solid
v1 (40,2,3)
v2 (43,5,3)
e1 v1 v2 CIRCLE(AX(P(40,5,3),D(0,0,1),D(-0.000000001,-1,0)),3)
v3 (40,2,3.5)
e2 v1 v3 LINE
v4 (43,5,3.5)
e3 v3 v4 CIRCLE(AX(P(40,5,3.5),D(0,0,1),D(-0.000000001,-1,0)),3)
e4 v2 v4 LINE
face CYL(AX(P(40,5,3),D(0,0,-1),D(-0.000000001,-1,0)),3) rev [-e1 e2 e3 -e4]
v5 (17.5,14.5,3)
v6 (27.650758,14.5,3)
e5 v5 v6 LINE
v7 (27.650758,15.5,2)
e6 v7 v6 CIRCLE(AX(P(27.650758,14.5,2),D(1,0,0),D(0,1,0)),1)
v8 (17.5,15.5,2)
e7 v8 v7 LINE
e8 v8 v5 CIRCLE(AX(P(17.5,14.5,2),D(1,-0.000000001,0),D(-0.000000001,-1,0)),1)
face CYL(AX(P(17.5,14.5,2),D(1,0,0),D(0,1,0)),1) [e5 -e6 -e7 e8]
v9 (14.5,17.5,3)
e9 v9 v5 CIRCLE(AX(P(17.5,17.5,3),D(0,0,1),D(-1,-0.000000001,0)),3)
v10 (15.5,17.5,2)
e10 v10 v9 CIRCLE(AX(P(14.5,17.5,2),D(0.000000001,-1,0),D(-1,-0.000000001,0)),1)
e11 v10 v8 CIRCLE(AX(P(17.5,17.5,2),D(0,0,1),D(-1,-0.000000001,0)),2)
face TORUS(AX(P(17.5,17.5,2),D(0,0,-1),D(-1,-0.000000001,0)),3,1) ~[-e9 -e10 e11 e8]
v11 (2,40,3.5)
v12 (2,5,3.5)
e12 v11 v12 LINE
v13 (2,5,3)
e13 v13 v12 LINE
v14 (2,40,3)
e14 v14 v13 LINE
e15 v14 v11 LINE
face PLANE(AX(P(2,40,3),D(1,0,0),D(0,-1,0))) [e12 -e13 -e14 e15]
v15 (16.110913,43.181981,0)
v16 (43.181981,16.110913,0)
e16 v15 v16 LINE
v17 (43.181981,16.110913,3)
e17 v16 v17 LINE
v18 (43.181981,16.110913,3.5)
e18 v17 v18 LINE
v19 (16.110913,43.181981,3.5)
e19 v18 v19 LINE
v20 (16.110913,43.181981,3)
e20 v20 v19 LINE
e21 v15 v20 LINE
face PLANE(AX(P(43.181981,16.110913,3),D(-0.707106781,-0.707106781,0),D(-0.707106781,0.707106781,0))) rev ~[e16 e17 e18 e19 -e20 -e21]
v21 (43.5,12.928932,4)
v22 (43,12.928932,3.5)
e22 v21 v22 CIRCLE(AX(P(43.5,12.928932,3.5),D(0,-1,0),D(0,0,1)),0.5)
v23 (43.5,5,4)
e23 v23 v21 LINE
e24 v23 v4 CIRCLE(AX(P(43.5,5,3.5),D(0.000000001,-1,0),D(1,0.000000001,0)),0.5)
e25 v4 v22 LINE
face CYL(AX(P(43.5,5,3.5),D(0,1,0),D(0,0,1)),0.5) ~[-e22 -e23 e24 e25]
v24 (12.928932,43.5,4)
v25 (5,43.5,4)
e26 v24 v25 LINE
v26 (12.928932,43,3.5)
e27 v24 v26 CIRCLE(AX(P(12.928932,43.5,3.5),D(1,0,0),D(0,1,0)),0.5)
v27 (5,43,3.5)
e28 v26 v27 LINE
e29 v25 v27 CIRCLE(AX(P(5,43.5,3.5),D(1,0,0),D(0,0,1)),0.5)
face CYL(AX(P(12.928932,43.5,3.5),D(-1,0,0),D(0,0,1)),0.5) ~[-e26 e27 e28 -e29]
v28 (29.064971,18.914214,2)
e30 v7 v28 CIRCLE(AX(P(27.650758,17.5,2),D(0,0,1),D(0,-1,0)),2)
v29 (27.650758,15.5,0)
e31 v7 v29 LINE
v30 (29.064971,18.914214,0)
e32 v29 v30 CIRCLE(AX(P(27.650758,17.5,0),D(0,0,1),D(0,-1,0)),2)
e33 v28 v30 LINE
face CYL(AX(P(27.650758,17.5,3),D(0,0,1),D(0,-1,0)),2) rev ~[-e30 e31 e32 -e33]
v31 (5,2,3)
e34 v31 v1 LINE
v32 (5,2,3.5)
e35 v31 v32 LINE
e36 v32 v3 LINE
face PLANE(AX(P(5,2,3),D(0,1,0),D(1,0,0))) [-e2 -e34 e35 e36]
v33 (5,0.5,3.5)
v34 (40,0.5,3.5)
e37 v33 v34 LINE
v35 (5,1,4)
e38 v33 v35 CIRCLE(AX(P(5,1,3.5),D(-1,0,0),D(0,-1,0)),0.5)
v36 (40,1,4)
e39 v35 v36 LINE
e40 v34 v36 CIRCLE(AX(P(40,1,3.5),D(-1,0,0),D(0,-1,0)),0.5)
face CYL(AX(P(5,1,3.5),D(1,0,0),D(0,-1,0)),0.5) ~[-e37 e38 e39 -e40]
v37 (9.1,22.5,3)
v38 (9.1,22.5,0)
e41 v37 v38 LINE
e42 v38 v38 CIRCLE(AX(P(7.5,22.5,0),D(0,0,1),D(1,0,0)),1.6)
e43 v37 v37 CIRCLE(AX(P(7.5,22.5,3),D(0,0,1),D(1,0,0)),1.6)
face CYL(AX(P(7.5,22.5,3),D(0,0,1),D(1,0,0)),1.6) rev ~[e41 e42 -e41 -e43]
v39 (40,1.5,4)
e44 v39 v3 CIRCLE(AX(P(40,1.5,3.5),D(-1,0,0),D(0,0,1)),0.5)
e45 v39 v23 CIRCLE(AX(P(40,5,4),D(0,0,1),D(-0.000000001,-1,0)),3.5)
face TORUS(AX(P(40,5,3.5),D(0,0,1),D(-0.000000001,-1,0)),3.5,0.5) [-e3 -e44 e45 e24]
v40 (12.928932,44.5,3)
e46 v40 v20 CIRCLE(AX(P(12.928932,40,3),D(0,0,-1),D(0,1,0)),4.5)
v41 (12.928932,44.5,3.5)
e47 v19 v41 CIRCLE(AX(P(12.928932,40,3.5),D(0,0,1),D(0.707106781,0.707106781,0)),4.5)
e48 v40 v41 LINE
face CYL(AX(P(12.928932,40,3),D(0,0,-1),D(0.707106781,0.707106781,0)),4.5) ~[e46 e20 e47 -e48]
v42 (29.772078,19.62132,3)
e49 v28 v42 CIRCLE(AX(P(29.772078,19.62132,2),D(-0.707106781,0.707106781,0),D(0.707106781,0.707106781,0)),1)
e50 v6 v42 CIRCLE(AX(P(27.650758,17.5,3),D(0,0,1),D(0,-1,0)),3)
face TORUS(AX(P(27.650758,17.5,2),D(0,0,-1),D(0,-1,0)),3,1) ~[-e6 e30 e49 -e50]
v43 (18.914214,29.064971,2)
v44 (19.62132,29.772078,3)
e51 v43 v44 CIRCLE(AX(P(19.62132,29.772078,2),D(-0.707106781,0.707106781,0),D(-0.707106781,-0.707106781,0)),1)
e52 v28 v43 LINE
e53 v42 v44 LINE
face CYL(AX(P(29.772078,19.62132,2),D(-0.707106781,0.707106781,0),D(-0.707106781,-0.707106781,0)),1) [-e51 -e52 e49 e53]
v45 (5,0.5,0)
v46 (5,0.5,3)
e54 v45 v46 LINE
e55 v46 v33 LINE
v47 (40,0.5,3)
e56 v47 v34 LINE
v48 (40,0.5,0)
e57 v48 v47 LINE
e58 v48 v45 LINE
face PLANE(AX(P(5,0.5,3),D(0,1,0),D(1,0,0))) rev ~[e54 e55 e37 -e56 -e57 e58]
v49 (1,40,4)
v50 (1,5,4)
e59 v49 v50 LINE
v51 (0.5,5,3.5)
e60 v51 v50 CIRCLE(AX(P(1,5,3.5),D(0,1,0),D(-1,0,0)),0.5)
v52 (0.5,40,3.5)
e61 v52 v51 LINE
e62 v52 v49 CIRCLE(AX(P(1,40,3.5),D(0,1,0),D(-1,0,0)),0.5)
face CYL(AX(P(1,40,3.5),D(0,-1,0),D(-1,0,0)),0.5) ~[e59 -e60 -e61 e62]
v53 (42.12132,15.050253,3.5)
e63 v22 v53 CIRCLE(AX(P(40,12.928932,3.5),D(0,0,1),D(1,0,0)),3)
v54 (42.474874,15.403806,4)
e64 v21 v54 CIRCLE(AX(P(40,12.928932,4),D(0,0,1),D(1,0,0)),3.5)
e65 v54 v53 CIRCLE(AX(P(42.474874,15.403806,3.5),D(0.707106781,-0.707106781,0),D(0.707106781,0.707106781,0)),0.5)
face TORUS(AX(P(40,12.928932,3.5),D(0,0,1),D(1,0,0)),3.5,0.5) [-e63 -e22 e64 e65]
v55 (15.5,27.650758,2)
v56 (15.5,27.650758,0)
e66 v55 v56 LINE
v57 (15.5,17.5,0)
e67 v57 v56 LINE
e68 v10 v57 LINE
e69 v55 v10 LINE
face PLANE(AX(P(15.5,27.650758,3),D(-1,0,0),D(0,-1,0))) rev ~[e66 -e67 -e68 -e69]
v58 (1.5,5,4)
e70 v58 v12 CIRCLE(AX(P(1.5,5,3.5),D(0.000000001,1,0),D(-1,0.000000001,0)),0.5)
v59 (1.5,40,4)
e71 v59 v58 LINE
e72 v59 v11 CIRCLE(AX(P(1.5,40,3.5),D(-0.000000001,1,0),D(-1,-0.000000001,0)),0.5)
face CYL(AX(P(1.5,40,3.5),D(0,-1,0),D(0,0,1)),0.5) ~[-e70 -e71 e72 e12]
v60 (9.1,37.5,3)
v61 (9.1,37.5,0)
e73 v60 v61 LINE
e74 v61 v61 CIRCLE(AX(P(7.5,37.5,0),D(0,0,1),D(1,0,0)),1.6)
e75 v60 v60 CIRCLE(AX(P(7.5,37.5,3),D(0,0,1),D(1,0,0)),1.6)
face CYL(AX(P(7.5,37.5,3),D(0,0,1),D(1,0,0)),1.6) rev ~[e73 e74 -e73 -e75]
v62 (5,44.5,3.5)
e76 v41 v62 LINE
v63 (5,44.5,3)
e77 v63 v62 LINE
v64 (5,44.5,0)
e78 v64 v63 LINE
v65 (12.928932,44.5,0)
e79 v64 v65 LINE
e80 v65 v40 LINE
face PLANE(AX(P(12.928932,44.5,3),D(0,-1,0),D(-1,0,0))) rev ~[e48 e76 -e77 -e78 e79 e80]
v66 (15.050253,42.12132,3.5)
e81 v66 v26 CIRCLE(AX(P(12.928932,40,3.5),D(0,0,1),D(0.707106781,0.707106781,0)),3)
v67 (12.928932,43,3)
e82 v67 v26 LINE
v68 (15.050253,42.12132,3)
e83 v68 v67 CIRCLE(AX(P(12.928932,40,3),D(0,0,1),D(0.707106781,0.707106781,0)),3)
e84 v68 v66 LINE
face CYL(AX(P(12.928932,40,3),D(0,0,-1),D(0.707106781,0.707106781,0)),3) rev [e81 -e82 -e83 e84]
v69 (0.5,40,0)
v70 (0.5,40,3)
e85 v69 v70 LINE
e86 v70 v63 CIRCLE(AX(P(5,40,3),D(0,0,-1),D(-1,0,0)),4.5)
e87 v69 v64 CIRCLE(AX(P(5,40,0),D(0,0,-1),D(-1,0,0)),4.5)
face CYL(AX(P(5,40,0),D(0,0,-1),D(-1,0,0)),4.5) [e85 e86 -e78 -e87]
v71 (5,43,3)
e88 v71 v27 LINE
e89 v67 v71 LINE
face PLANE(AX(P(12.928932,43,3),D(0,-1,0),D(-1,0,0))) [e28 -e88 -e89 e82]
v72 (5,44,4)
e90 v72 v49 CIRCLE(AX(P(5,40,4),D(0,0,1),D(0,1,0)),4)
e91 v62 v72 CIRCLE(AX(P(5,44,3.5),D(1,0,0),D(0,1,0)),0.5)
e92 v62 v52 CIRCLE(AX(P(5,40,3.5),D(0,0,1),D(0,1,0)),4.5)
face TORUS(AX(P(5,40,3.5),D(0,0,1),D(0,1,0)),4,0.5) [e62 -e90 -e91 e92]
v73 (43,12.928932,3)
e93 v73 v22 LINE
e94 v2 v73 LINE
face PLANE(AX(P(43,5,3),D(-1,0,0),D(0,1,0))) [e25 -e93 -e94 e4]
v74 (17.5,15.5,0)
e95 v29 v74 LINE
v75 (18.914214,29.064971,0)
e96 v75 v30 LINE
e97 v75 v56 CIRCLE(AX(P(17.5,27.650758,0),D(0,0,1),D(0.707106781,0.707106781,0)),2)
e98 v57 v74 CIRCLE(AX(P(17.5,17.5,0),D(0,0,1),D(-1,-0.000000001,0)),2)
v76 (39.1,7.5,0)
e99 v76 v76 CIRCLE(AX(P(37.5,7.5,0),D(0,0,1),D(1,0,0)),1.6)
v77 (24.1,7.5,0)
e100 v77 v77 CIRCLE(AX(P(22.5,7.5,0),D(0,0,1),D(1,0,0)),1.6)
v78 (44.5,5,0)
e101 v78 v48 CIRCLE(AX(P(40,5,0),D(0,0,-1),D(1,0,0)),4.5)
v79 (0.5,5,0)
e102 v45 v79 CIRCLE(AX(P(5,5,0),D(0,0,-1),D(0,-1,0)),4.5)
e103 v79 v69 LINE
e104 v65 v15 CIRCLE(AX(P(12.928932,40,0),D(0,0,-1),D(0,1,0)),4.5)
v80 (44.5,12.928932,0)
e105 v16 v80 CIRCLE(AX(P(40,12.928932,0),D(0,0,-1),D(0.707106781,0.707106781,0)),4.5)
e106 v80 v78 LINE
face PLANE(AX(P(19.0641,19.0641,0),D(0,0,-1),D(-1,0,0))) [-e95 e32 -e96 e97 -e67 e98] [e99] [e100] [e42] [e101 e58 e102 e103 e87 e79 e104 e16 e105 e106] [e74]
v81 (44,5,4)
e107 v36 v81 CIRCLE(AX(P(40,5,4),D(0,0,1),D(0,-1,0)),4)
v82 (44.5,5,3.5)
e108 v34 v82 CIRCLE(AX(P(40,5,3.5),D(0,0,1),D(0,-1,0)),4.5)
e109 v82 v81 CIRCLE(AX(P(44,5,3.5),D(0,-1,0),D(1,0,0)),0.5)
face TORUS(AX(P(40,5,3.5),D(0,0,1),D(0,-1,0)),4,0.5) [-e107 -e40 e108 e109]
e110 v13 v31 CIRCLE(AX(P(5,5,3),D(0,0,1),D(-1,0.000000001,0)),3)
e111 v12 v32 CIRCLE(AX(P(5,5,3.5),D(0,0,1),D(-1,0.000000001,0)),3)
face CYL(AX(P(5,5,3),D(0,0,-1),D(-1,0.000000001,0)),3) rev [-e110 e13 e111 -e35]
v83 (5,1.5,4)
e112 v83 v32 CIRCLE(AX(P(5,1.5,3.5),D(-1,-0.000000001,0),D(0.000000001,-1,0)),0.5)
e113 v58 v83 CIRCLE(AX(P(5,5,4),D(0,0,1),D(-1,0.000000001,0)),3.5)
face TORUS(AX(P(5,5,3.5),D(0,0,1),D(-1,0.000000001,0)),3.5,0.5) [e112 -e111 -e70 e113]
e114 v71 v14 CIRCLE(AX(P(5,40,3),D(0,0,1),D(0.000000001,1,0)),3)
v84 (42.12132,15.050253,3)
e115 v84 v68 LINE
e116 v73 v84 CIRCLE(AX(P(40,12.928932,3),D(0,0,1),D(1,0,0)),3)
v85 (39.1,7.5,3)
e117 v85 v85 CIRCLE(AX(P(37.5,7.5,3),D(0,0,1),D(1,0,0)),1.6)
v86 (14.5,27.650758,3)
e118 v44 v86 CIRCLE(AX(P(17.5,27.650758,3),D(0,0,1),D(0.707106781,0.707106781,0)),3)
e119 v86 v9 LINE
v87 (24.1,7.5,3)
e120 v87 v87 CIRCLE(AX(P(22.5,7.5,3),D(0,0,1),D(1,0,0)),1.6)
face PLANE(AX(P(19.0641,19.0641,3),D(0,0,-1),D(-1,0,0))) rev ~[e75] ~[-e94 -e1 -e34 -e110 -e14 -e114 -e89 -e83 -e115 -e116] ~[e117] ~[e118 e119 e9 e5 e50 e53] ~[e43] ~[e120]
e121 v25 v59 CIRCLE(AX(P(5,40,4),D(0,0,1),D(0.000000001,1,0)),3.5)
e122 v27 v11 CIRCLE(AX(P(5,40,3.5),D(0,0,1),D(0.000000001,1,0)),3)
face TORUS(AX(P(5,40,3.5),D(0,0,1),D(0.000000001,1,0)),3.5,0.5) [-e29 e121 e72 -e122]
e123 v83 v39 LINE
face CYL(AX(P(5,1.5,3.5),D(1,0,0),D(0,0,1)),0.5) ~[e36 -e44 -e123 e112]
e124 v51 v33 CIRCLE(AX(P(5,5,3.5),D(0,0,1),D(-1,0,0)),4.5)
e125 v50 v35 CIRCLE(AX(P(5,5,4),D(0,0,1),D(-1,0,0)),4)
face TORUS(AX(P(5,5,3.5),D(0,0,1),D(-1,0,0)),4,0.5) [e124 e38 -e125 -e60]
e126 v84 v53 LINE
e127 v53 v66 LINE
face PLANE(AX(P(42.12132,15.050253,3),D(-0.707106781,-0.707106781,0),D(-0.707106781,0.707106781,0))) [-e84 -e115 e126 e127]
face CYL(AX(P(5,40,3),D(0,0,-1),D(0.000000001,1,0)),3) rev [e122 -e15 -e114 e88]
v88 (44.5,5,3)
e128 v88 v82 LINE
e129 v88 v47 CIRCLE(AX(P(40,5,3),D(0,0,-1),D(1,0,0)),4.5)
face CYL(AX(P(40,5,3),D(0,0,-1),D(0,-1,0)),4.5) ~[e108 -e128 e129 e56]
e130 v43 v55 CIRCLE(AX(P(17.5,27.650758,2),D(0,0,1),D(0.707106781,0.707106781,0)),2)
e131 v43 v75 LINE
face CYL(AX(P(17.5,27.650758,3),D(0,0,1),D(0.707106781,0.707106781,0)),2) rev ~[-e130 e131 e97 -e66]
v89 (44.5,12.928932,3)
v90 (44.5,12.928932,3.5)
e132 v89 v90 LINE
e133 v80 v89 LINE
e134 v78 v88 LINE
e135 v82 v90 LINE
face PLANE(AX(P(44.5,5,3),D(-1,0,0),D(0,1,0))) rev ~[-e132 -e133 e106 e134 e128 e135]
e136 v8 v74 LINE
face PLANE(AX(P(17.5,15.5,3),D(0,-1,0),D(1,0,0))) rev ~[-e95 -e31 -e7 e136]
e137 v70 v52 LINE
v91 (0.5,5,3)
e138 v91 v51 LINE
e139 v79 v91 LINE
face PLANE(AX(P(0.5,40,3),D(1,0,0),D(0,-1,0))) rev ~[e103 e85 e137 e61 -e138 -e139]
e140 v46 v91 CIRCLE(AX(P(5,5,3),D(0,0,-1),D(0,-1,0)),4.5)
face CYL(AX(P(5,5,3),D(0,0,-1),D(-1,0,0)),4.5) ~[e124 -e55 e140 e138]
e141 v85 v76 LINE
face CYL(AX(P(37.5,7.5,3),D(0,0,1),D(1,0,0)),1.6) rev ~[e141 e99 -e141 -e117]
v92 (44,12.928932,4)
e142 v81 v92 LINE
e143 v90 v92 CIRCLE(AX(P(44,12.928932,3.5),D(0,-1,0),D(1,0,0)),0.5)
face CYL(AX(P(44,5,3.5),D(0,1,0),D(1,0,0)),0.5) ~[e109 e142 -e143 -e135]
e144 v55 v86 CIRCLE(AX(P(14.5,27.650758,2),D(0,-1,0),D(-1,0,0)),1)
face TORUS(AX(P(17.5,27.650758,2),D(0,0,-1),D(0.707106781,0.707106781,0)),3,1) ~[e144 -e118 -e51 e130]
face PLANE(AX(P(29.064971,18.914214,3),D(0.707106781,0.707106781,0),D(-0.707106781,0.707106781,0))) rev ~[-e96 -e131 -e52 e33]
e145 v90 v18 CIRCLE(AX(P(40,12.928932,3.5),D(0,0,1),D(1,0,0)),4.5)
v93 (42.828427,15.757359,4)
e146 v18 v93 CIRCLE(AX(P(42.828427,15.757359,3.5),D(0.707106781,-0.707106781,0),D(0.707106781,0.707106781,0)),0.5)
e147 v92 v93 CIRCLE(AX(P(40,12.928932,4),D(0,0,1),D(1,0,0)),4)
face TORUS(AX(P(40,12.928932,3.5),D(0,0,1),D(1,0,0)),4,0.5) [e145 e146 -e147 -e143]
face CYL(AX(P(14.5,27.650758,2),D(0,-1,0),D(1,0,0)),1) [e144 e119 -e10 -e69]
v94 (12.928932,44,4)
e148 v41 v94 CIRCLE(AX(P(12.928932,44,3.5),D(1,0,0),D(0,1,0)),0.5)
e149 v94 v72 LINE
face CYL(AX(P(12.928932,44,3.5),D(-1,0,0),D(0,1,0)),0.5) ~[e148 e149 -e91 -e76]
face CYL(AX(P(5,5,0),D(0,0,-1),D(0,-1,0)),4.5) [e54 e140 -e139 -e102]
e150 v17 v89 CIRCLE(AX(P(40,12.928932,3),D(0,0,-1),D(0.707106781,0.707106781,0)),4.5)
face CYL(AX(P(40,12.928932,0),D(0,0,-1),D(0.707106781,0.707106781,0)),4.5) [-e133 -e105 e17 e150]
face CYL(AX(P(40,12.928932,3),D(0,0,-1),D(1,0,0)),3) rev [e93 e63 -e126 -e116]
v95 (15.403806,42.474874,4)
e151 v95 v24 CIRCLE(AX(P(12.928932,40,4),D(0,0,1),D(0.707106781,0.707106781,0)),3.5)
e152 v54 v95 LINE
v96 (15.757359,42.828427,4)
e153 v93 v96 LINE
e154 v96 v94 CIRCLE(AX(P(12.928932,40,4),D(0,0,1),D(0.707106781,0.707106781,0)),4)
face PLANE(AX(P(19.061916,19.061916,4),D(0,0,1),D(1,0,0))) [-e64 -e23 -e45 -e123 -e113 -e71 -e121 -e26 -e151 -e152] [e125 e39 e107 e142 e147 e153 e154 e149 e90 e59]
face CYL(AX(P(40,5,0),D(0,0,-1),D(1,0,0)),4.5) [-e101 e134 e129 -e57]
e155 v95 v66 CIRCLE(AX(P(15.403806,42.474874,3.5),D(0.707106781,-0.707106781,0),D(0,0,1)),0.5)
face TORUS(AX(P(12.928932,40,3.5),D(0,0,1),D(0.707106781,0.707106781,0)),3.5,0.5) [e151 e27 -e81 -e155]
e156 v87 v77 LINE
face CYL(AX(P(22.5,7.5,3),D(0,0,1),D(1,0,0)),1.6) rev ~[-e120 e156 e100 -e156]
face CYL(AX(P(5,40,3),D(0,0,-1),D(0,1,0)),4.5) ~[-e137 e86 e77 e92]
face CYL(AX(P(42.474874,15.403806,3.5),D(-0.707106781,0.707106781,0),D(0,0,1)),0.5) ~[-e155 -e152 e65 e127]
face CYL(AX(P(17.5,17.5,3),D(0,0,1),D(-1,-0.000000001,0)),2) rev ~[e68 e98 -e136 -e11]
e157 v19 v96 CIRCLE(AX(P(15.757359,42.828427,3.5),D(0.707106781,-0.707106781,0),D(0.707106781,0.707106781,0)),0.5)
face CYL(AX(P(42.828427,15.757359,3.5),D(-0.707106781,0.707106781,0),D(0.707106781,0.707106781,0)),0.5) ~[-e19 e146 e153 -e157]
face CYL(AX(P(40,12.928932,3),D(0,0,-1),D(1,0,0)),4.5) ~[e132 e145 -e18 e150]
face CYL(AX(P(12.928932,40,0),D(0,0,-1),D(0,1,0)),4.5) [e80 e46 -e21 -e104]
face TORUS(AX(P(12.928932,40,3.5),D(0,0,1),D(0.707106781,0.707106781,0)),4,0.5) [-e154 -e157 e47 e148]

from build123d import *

# Parameters (mm, degrees)
BOSS_EXTRUDE1_DEPTH = 3
SKETCH2_R           = 1.6
CUT_EXTRUDE1_DEPTH  = 64.710281745
MOVE_FACE1_BY       = 0.5
MOVE_FACE1_2_BY     = 0.5
MOVE_FACE1_3_BY     = 0.5
MOVE_FACE1_4_BY     = 0.5
MOVE_FACE1_5_BY     = 0.5
MOVE_FACE1_6_BY     = 0.5
MOVE_FACE1_7_BY     = 0.5
MOVE_FACE1_8_BY     = 0.5
MOVE_FACE1_9_BY     = 0.5
MOVE_FACE1_10_BY    = 0.5
BOSS_EXTRUDE2_DEPTH = 1
FILLET1_R           = 0.5
CUT_EXTRUDE2_DEPTH  = 64.003968129
FILLET2_R           = 1


with BuildPart() as part:
    # Sketch1 → Boss-Extrude1 (new body)
    with BuildSketch(Plane.XY):
        with BuildLine():
            Line((16.464466094, 43.535533906), (43.535533906, 16.464466094))
            ThreePointArc((43.535533906, 16.464466094), (44.619397663, 14.84234935), (45, 12.928932188))
            Line((45, 12.928932188), (45, 5))
            ThreePointArc((45, 5), (43.535533906, 1.464466094), (40, 0))
            Line((40, 0), (5, 0))
            ThreePointArc((5, 0), (1.464466094, 1.464466094), (0, 5))
            Line((0, 5), (0, 40))
            ThreePointArc((0, 40), (1.464466094, 43.535533906), (5, 45))
            Line((5, 45), (12.928932188, 45))
            ThreePointArc((12.928932188, 45), (14.84234935, 44.619397663), (16.464466094, 43.535533906))
        make_face()
    extrude(amount=BOSS_EXTRUDE1_DEPTH)

    # Sketch2 → Cut-Extrude1 (cut, through all)
    with BuildSketch(Plane.XY.offset(3)):
        with Locations((7.5, 37.5)):
            Circle(SKETCH2_R)
        with Locations((7.5, 22.5)):
            Circle(SKETCH2_R)
        with Locations((22.5, 7.5)):
            Circle(SKETCH2_R)
        with Locations((37.5, 7.5)):
            Circle(SKETCH2_R)
    extrude(amount=-CUT_EXTRUDE1_DEPTH, mode=Mode.SUBTRACT)

    # Move Face1: a curved face moved inward by 0.5
    add(Solid.thicken(part.faces().sort_by_distance((1.464466094, 1.464466094, 1.5))[0], -MOVE_FACE1_BY), mode=Mode.SUBTRACT)

    # Move Face1 2: a face moved inward by 0.5
    extrude(part.faces().sort_by_distance((22.5, 0, 1.5))[0], amount=MOVE_FACE1_2_BY, dir=(0, 1, 0), mode=Mode.SUBTRACT)

    # Move Face1 3: a curved face moved inward by 0.5
    add(Solid.thicken(part.faces().sort_by_distance((43.535533906, 1.464466094, 1.5))[0], -MOVE_FACE1_3_BY), mode=Mode.SUBTRACT)

    # Move Face1 4: a face moved inward by 0.5
    extrude(part.faces().sort_by_distance((45, 8.964466094, 1.5))[0], amount=MOVE_FACE1_4_BY, dir=(-1, 0, 0), mode=Mode.SUBTRACT)

    # Move Face1 5: a curved face moved inward by 0.5
    add(Solid.thicken(part.faces().sort_by_distance((44.619397663, 14.84234935, 1.5))[0], -MOVE_FACE1_5_BY), mode=Mode.SUBTRACT)

    # Move Face1 6: a face moved inward by 0.5
    extrude(part.faces().sort_by_distance((30, 30, 1.5))[0], amount=MOVE_FACE1_6_BY, dir=(-0.707106781, -0.707106781, 0), mode=Mode.SUBTRACT)

    # Move Face1 7: a curved face moved inward by 0.5
    add(Solid.thicken(part.faces().sort_by_distance((14.84234935, 44.619397663, 1.5))[0], -MOVE_FACE1_7_BY), mode=Mode.SUBTRACT)

    # Move Face1 8: a face moved inward by 0.5
    extrude(part.faces().sort_by_distance((8.964466094, 45, 1.5))[0], amount=MOVE_FACE1_8_BY, dir=(0, -1, 0), mode=Mode.SUBTRACT)

    # Move Face1 9: a curved face moved inward by 0.5
    add(Solid.thicken(part.faces().sort_by_distance((1.464466094, 43.535533906, 1.5))[0], -MOVE_FACE1_9_BY), mode=Mode.SUBTRACT)

    # Move Face1 10: a face moved inward by 0.5
    extrude(part.faces().sort_by_distance((0, 22.5, 1.5))[0], amount=MOVE_FACE1_10_BY, dir=(1, 0, 0), mode=Mode.SUBTRACT)

    # Sketch3 → Boss-Extrude2 (add)
    with BuildSketch(Plane.XY.offset(3)):
        with BuildLine():
            Line((5, 0.5), (40, 0.5))
            ThreePointArc((40, 0.5), (43.181980515, 1.818019485), (44.5, 5))
            Line((44.5, 5), (44.5, 12.928932188))
            ThreePointArc((44.5, 12.928932188), (44.157457896, 14.651007634), (43.181980515, 16.110912703))
            Line((43.181980515, 16.110912703), (16.110912703, 43.181980515))
            ThreePointArc((16.110912703, 43.181980515), (14.651007634, 44.157457896), (12.928932188, 44.5))
            Line((12.928932188, 44.5), (5, 44.5))
            ThreePointArc((5, 44.5), (1.818019485, 43.181980515), (0.5, 40))
            Line((0.5, 40), (0.5, 5))
            ThreePointArc((0.5, 5), (1.818019485, 1.818019485), (5, 0.5))
        make_face()
        with BuildLine():
            Line((5, 2), (40, 2))
            ThreePointArc((40, 2), (42.121320344, 2.878679656), (43, 5))
            Line((43, 5), (43, 12.928932188))
            ThreePointArc((43, 12.928932188), (42.771638598, 14.076982485), (42.121320344, 15.050252532))
            Line((42.121320344, 15.050252532), (15.050252532, 42.121320344))
            ThreePointArc((15.050252532, 42.121320344), (14.076982485, 42.771638598), (12.928932188, 43))
            Line((12.928932188, 43), (5, 43))
            ThreePointArc((5, 43), (2.878679656, 42.121320344), (2, 40))
            Line((2, 40), (2, 5))
            ThreePointArc((2, 5), (2.878679656, 2.878679656), (5, 2))
        make_face(mode=Mode.SUBTRACT)
    extrude(amount=BOSS_EXTRUDE2_DEPTH)

    # Fillet1
    fillet1_edges = [part.edges().sort_by_distance(p)[0] for p in [
        (1.818019485, 1.818019485, 4),
        (22.5, 0.5, 4),
        (43.181980515, 1.818019485, 4),
        (44.5, 8.964466094, 4),
        (44.157457896, 14.651007634, 4),
        (29.646446609, 29.646446609, 4),
        (14.651007634, 44.157457896, 4),
        (8.964466094, 44.5, 4),
        (1.818019485, 43.181980515, 4),
        (0.5, 22.5, 4),
        (2.878679656, 2.878679656, 4),
        (22.5, 2, 4),
        (42.121320344, 2.878679656, 4),
        (43, 8.964466094, 4),
        (42.771638598, 14.076982485, 4),
        (28.585786438, 28.585786438, 4),
        (14.076982485, 42.771638598, 4),
        (8.964466094, 43, 4),
        (2.878679656, 42.121320344, 4),
        (2, 22.5, 4),
    ]]
    fillet(fillet1_edges, radius=FILLET1_R)

    # Sketch4 → Cut-Extrude2 (cut, through all)
    with BuildSketch(Plane.XY.offset(3)):
        with BuildLine():
            Line((15.5, 27.650757595), (15.5, 17.5))
            ThreePointArc((15.5, 17.5), (16.085786438, 16.085786438), (17.5, 15.5))
            Line((17.5, 15.5), (27.650757595, 15.5))
            ThreePointArc((27.650757595, 15.5), (29.49851666, 16.734633135), (29.064971157, 18.914213562))
            Line((29.064971157, 18.914213562), (18.914213562, 29.064971157))
            ThreePointArc((18.914213562, 29.064971157), (16.734633135, 29.49851666), (15.5, 27.650757595))
        make_face()
    extrude(amount=-CUT_EXTRUDE2_DEPTH, mode=Mode.SUBTRACT)

    # Fillet2
    fillet2_edges = [part.edges().sort_by_distance(p)[0] for p in [
        (16.085786438, 16.085786438, 3),
        (22.575378798, 15.5, 3),
        (29.49851666, 16.734633135, 3),
        (23.98959236, 23.98959236, 3),
        (16.734633135, 29.49851666, 3),
        (15.5, 22.575378798, 3),
    ]]
    fillet(fillet2_edges, radius=FILLET2_R)


solid = part.part
